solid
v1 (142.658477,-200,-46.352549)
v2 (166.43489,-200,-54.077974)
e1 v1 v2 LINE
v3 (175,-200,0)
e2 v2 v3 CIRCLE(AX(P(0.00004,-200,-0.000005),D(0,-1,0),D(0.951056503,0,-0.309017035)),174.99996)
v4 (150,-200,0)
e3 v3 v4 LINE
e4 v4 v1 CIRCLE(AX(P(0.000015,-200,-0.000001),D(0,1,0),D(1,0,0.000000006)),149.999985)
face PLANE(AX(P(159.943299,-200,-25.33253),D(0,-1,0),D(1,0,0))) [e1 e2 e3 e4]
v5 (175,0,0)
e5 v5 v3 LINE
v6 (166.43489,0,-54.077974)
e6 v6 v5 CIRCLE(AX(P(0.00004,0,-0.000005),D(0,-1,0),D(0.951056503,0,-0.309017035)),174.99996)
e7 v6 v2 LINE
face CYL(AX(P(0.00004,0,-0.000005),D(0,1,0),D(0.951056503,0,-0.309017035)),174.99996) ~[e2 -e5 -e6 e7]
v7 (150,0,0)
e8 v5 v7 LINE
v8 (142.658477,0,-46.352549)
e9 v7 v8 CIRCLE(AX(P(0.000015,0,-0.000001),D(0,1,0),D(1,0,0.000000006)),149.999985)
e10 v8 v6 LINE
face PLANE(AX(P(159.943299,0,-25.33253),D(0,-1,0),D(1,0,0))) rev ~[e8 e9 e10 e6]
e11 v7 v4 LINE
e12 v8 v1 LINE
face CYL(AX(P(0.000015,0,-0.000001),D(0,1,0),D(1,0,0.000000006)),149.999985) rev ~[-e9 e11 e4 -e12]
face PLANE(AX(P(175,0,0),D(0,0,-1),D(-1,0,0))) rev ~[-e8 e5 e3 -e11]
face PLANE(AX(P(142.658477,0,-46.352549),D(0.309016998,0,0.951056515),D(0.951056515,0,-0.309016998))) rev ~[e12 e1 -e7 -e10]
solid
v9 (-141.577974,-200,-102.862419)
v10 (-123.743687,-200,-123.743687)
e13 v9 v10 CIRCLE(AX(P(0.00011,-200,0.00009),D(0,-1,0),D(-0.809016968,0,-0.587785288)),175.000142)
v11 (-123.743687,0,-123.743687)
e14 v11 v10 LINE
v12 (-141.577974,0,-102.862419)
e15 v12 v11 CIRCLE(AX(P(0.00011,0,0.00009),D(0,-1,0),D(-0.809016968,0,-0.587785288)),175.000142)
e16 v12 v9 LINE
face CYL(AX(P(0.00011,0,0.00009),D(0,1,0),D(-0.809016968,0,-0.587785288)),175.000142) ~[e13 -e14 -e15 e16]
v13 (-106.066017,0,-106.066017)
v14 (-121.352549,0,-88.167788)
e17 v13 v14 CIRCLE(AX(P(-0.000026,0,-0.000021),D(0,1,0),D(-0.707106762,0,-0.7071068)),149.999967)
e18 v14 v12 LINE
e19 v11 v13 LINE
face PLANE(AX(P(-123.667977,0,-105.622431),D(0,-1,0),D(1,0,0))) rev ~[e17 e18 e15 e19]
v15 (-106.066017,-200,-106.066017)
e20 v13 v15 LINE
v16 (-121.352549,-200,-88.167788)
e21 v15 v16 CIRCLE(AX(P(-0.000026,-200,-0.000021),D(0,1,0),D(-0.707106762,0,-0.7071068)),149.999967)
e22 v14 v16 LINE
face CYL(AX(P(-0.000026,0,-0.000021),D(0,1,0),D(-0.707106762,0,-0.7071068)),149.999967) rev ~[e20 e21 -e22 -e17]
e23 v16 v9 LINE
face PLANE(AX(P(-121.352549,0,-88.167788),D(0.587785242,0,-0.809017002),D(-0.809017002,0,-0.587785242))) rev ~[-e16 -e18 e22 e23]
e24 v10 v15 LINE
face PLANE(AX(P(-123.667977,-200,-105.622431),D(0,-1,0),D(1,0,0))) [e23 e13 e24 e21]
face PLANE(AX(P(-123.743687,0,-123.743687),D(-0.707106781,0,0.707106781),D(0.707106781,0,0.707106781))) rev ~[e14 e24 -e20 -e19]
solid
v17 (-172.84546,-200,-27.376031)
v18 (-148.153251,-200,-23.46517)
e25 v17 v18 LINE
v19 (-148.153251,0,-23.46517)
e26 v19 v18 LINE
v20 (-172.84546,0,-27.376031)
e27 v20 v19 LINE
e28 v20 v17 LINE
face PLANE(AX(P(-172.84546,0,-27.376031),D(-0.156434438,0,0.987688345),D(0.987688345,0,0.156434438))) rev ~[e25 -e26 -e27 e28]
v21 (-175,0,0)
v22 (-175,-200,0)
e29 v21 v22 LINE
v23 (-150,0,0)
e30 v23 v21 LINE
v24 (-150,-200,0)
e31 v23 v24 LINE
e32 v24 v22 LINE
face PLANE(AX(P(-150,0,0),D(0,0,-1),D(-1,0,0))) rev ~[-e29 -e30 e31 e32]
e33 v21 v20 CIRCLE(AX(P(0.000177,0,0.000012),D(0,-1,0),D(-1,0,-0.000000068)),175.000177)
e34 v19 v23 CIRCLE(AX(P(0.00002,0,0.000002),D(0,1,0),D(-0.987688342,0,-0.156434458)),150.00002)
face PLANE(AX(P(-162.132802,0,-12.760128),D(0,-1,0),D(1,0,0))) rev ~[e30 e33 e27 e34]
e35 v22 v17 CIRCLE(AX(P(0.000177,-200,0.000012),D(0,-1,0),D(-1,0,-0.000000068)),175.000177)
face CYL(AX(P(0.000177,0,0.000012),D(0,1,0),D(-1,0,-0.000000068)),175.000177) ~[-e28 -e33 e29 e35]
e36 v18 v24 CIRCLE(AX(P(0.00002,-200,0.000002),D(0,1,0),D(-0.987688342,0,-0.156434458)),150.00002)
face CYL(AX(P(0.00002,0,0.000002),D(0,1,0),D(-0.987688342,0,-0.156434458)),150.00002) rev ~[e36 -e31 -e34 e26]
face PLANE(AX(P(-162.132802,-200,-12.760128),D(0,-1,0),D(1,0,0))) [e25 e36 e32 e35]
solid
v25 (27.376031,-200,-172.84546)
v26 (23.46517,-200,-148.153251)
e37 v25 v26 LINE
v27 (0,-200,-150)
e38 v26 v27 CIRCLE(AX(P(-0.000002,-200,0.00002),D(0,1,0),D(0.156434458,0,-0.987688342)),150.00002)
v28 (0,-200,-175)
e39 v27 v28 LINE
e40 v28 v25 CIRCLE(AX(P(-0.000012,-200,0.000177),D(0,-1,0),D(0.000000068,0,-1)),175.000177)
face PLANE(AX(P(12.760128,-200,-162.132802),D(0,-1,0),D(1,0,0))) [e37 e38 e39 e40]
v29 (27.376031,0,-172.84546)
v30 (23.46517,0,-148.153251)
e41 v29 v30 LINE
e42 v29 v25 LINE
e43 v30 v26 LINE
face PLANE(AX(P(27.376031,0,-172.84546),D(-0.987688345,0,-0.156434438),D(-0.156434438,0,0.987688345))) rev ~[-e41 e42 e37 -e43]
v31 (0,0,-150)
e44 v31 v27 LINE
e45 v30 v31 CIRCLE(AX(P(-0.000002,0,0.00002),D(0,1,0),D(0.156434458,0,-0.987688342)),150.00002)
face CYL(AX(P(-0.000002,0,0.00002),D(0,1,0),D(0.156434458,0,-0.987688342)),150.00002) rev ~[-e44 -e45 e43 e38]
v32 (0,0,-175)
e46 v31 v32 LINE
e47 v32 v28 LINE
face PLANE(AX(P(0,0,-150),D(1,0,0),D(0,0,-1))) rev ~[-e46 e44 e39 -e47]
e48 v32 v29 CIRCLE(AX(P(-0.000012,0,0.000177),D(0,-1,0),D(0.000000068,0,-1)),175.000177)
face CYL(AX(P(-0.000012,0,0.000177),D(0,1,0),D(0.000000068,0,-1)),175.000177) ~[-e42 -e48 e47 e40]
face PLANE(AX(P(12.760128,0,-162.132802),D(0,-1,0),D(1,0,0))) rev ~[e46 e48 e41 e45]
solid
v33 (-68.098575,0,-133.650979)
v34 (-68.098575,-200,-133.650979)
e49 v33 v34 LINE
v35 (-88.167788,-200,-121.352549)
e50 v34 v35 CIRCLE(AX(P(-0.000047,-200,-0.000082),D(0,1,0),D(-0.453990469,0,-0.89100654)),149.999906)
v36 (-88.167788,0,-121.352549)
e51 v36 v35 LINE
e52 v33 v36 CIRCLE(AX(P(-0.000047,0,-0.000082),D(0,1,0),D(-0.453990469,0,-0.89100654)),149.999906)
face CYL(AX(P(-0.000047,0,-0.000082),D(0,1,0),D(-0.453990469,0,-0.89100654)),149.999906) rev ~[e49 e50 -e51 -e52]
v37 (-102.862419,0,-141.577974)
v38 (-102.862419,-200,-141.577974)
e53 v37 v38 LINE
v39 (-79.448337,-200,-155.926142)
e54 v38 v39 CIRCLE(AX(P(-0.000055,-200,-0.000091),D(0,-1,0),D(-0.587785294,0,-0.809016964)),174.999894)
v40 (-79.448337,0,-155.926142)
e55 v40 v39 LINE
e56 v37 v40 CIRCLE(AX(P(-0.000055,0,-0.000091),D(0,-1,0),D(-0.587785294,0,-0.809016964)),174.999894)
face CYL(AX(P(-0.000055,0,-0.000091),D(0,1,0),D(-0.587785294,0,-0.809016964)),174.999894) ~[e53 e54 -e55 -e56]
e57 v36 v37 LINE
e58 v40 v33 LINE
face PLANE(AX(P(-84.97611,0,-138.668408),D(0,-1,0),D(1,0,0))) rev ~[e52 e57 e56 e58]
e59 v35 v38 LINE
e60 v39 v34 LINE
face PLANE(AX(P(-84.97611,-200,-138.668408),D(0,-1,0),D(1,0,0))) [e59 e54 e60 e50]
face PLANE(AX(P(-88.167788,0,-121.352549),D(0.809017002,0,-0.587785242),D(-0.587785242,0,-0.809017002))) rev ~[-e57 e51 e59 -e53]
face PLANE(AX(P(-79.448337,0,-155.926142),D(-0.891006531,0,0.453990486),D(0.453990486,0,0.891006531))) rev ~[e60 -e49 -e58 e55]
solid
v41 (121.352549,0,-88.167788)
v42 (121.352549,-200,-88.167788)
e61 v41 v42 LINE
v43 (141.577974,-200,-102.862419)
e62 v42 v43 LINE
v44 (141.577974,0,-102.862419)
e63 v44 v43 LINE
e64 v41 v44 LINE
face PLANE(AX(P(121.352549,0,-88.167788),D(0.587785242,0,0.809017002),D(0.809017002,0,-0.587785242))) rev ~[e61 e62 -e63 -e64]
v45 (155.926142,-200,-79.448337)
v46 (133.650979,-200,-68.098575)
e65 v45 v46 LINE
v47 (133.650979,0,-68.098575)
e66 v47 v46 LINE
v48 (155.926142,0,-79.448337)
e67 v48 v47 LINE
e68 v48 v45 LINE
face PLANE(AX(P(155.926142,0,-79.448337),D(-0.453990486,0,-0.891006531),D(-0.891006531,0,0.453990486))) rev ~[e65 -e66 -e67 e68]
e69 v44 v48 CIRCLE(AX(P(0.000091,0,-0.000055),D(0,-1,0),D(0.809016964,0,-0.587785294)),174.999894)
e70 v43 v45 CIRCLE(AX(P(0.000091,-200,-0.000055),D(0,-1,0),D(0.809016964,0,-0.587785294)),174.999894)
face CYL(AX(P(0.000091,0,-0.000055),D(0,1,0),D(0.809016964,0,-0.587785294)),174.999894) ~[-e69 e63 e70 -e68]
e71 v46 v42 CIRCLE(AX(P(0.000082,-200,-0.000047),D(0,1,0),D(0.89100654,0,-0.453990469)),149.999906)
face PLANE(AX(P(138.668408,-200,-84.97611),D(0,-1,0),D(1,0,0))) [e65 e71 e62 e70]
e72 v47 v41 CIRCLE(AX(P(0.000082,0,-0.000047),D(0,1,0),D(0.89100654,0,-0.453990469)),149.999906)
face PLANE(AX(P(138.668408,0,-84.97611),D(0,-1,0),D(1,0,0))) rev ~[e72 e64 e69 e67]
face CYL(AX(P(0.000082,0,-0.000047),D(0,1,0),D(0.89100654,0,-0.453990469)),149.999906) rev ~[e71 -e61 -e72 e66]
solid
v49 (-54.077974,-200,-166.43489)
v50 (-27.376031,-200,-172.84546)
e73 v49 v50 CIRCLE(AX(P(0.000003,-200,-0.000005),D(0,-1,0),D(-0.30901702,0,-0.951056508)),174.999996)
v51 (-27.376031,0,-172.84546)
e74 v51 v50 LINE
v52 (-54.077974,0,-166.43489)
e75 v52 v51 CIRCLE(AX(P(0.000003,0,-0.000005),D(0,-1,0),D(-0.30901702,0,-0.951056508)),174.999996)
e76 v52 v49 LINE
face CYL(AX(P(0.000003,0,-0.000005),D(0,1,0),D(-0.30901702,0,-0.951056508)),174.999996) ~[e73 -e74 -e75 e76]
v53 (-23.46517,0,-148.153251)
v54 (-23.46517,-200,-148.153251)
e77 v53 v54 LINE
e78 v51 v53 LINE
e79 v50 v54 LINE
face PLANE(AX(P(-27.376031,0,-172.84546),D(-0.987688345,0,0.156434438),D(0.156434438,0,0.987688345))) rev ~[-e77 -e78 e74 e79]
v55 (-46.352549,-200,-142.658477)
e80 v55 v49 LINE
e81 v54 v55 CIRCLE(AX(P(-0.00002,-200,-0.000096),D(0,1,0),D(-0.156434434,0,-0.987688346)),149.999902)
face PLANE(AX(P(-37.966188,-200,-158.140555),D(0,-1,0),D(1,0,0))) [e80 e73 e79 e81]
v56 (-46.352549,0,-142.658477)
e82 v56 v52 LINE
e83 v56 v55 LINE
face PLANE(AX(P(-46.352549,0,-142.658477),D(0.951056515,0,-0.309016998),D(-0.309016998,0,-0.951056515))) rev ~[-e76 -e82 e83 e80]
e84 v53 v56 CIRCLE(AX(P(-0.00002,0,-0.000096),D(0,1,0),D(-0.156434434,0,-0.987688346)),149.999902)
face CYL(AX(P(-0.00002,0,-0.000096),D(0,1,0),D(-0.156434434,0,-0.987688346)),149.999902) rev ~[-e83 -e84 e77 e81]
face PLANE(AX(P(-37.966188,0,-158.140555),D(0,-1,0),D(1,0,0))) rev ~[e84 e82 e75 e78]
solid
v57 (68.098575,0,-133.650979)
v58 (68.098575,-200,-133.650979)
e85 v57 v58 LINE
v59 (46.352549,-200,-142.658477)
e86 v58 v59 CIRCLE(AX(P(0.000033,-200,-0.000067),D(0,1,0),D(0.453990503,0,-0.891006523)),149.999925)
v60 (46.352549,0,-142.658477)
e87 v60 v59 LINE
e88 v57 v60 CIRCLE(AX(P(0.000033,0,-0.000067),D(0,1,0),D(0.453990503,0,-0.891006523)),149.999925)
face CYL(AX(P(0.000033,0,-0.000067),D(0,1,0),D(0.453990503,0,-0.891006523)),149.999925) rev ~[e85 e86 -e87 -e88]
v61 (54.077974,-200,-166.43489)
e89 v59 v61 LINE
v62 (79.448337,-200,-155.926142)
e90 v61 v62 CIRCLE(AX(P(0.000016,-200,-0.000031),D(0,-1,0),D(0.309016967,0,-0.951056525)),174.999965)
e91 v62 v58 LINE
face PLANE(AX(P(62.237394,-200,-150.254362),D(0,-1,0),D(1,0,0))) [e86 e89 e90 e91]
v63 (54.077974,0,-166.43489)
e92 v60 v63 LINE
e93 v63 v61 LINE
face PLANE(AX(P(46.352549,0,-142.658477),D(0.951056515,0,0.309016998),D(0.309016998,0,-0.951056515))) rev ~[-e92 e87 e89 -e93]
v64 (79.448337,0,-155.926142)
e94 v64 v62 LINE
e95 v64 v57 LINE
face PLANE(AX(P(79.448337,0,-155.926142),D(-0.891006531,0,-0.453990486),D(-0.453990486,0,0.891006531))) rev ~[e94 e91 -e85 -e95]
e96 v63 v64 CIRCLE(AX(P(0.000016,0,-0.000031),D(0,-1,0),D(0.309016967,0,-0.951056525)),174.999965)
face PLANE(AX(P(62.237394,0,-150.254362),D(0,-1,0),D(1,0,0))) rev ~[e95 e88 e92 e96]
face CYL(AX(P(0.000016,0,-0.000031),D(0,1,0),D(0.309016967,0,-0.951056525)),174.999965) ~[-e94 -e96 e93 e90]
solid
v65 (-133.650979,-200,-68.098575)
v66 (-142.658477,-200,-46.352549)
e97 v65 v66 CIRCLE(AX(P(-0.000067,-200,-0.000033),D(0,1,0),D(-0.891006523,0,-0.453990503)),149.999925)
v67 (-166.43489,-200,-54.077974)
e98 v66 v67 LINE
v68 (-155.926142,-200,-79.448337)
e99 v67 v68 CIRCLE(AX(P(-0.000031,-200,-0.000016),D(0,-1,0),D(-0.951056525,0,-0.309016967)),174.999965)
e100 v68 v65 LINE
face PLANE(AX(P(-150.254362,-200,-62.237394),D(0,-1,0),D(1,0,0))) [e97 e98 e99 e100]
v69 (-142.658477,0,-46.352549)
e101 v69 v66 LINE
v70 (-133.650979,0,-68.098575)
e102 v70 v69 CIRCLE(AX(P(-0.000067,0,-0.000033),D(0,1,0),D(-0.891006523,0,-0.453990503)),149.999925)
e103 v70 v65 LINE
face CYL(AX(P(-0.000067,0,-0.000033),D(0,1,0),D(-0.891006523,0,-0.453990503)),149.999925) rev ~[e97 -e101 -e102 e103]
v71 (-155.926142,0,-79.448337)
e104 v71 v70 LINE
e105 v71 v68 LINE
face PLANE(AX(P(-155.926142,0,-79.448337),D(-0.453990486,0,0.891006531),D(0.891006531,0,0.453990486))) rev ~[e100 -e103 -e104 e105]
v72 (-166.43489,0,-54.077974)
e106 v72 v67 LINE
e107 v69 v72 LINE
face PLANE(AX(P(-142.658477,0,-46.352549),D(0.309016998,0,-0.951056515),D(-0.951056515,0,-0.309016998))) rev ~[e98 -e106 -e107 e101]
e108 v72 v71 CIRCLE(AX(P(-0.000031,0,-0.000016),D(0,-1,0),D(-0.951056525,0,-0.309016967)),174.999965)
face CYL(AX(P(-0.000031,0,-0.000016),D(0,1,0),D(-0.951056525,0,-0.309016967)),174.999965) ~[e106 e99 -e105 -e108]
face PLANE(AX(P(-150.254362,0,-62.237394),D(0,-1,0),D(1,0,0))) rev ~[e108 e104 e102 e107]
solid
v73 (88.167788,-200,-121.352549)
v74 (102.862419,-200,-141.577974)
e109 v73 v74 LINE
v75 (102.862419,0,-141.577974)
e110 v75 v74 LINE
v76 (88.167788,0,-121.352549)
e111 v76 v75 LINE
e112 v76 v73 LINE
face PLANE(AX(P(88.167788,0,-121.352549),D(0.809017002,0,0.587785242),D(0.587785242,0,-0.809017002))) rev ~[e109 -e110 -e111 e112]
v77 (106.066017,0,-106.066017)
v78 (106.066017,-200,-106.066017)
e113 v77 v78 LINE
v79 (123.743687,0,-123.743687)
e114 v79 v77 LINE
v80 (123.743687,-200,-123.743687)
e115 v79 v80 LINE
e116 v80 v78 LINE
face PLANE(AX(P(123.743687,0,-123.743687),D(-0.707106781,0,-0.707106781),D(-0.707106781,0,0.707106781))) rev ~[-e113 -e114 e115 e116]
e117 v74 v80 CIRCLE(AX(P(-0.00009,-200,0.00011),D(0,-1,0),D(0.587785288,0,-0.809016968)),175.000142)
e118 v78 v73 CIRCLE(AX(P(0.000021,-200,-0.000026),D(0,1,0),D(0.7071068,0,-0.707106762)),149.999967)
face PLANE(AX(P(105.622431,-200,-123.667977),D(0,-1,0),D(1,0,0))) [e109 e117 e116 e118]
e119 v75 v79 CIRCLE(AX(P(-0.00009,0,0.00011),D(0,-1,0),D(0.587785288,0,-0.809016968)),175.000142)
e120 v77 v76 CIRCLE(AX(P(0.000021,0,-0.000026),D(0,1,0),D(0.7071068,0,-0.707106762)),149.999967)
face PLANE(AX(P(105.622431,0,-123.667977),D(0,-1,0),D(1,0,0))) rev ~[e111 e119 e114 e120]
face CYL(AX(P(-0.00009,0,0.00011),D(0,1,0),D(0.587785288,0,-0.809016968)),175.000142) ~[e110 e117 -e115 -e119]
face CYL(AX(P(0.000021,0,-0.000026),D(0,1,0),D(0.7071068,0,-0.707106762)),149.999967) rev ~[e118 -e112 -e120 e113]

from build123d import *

# Parameters (mm, degrees)
F1_DEPTH = 200


with BuildPart() as f1:
    # F0 (on Front) → F1 (new body)
    with BuildSketch(Plane.XZ):
        with BuildLine():
            Line((-150, 0), (-175, 0))
            ThreePointArc((-175, 0), (-174.460533, -13.730342), (-172.84546, -27.376031))
            Line((-172.84546, -27.376031), (-148.153251, -23.46517))
            ThreePointArc((-148.153251, -23.46517), (-149.5376, -11.768864), (-150, 0))
        make_face()
        with BuildLine():
            Line((175, 0), (150, 0))
            ThreePointArc((150, 0), (148.153251, -23.46517), (142.658477, -46.352549))
            Line((142.658477, -46.352549), (166.43489, -54.077974))
            ThreePointArc((166.43489, -54.077974), (172.84546, -27.376031), (175, 0))
        make_face()
        with BuildLine():
            ThreePointArc((-133.650979, -68.098575), (-138.58193, -57.402515), (-142.658477, -46.352549))
            Line((-142.658477, -46.352549), (-166.43489, -54.077974))
            ThreePointArc((-166.43489, -54.077974), (-161.678918, -66.969601), (-155.926142, -79.448337))
            Line((-155.926142, -79.448337), (-133.650979, -68.098575))
        make_face()
        with BuildLine():
            ThreePointArc((-106.066017, -106.066017), (-114.060895, -97.417207), (-121.352549, -88.167788))
            Line((-121.352549, -88.167788), (-141.577974, -102.862419))
            ThreePointArc((-141.577974, -102.862419), (-133.071044, -113.653408), (-123.743687, -123.743687))
            Line((-123.743687, -123.743687), (-106.066017, -106.066017))
        make_face()
        with BuildLine():
            ThreePointArc((-68.098575, -133.650979), (-78.374785, -127.896025), (-88.167788, -121.352549))
            Line((-88.167788, -121.352549), (-102.862419, -141.577974))
            ThreePointArc((-102.862419, -141.577974), (-91.437249, -149.212029), (-79.448337, -155.926142))
            Line((-79.448337, -155.926142), (-68.098575, -133.650979))
        make_face()
        with BuildLine():
            ThreePointArc((-23.46517, -148.153251), (-35.016805, -145.855488), (-46.352549, -142.658477))
            Line((-46.352549, -142.658477), (-54.077974, -166.43489))
            ThreePointArc((-54.077974, -166.43489), (-40.852939, -170.164736), (-27.376031, -172.84546))
            Line((-27.376031, -172.84546), (-23.46517, -148.153251))
        make_face()
        with BuildLine():
            ThreePointArc((23.46517, -148.153251), (11.768864, -149.5376), (0, -150))
            Line((0, -150), (0, -175))
            ThreePointArc((0, -175), (13.730342, -174.460533), (27.376031, -172.84546))
            Line((27.376031, -172.84546), (23.46517, -148.153251))
        make_face()
        with BuildLine():
            ThreePointArc((68.098575, -133.650979), (57.402515, -138.58193), (46.352549, -142.658477))
            Line((46.352549, -142.658477), (54.077974, -166.43489))
            ThreePointArc((54.077974, -166.43489), (66.969601, -161.678918), (79.448337, -155.926142))
            Line((79.448337, -155.926142), (68.098575, -133.650979))
        make_face()
        with BuildLine():
            ThreePointArc((106.066017, -106.066017), (97.417207, -114.060895), (88.167788, -121.352549))
            Line((88.167788, -121.352549), (102.862419, -141.577974))
            ThreePointArc((102.862419, -141.577974), (113.653408, -133.071044), (123.743687, -123.743687))
            Line((123.743687, -123.743687), (106.066017, -106.066017))
        make_face()
        with BuildLine():
            ThreePointArc((133.650979, -68.098575), (127.896025, -78.374785), (121.352549, -88.167788))
            Line((121.352549, -88.167788), (141.577974, -102.862419))
            ThreePointArc((141.577974, -102.862419), (149.212029, -91.437249), (155.926142, -79.448337))
            Line((155.926142, -79.448337), (133.650979, -68.098575))
        make_face()
    extrude(amount=F1_DEPTH)


solid = f1.part
